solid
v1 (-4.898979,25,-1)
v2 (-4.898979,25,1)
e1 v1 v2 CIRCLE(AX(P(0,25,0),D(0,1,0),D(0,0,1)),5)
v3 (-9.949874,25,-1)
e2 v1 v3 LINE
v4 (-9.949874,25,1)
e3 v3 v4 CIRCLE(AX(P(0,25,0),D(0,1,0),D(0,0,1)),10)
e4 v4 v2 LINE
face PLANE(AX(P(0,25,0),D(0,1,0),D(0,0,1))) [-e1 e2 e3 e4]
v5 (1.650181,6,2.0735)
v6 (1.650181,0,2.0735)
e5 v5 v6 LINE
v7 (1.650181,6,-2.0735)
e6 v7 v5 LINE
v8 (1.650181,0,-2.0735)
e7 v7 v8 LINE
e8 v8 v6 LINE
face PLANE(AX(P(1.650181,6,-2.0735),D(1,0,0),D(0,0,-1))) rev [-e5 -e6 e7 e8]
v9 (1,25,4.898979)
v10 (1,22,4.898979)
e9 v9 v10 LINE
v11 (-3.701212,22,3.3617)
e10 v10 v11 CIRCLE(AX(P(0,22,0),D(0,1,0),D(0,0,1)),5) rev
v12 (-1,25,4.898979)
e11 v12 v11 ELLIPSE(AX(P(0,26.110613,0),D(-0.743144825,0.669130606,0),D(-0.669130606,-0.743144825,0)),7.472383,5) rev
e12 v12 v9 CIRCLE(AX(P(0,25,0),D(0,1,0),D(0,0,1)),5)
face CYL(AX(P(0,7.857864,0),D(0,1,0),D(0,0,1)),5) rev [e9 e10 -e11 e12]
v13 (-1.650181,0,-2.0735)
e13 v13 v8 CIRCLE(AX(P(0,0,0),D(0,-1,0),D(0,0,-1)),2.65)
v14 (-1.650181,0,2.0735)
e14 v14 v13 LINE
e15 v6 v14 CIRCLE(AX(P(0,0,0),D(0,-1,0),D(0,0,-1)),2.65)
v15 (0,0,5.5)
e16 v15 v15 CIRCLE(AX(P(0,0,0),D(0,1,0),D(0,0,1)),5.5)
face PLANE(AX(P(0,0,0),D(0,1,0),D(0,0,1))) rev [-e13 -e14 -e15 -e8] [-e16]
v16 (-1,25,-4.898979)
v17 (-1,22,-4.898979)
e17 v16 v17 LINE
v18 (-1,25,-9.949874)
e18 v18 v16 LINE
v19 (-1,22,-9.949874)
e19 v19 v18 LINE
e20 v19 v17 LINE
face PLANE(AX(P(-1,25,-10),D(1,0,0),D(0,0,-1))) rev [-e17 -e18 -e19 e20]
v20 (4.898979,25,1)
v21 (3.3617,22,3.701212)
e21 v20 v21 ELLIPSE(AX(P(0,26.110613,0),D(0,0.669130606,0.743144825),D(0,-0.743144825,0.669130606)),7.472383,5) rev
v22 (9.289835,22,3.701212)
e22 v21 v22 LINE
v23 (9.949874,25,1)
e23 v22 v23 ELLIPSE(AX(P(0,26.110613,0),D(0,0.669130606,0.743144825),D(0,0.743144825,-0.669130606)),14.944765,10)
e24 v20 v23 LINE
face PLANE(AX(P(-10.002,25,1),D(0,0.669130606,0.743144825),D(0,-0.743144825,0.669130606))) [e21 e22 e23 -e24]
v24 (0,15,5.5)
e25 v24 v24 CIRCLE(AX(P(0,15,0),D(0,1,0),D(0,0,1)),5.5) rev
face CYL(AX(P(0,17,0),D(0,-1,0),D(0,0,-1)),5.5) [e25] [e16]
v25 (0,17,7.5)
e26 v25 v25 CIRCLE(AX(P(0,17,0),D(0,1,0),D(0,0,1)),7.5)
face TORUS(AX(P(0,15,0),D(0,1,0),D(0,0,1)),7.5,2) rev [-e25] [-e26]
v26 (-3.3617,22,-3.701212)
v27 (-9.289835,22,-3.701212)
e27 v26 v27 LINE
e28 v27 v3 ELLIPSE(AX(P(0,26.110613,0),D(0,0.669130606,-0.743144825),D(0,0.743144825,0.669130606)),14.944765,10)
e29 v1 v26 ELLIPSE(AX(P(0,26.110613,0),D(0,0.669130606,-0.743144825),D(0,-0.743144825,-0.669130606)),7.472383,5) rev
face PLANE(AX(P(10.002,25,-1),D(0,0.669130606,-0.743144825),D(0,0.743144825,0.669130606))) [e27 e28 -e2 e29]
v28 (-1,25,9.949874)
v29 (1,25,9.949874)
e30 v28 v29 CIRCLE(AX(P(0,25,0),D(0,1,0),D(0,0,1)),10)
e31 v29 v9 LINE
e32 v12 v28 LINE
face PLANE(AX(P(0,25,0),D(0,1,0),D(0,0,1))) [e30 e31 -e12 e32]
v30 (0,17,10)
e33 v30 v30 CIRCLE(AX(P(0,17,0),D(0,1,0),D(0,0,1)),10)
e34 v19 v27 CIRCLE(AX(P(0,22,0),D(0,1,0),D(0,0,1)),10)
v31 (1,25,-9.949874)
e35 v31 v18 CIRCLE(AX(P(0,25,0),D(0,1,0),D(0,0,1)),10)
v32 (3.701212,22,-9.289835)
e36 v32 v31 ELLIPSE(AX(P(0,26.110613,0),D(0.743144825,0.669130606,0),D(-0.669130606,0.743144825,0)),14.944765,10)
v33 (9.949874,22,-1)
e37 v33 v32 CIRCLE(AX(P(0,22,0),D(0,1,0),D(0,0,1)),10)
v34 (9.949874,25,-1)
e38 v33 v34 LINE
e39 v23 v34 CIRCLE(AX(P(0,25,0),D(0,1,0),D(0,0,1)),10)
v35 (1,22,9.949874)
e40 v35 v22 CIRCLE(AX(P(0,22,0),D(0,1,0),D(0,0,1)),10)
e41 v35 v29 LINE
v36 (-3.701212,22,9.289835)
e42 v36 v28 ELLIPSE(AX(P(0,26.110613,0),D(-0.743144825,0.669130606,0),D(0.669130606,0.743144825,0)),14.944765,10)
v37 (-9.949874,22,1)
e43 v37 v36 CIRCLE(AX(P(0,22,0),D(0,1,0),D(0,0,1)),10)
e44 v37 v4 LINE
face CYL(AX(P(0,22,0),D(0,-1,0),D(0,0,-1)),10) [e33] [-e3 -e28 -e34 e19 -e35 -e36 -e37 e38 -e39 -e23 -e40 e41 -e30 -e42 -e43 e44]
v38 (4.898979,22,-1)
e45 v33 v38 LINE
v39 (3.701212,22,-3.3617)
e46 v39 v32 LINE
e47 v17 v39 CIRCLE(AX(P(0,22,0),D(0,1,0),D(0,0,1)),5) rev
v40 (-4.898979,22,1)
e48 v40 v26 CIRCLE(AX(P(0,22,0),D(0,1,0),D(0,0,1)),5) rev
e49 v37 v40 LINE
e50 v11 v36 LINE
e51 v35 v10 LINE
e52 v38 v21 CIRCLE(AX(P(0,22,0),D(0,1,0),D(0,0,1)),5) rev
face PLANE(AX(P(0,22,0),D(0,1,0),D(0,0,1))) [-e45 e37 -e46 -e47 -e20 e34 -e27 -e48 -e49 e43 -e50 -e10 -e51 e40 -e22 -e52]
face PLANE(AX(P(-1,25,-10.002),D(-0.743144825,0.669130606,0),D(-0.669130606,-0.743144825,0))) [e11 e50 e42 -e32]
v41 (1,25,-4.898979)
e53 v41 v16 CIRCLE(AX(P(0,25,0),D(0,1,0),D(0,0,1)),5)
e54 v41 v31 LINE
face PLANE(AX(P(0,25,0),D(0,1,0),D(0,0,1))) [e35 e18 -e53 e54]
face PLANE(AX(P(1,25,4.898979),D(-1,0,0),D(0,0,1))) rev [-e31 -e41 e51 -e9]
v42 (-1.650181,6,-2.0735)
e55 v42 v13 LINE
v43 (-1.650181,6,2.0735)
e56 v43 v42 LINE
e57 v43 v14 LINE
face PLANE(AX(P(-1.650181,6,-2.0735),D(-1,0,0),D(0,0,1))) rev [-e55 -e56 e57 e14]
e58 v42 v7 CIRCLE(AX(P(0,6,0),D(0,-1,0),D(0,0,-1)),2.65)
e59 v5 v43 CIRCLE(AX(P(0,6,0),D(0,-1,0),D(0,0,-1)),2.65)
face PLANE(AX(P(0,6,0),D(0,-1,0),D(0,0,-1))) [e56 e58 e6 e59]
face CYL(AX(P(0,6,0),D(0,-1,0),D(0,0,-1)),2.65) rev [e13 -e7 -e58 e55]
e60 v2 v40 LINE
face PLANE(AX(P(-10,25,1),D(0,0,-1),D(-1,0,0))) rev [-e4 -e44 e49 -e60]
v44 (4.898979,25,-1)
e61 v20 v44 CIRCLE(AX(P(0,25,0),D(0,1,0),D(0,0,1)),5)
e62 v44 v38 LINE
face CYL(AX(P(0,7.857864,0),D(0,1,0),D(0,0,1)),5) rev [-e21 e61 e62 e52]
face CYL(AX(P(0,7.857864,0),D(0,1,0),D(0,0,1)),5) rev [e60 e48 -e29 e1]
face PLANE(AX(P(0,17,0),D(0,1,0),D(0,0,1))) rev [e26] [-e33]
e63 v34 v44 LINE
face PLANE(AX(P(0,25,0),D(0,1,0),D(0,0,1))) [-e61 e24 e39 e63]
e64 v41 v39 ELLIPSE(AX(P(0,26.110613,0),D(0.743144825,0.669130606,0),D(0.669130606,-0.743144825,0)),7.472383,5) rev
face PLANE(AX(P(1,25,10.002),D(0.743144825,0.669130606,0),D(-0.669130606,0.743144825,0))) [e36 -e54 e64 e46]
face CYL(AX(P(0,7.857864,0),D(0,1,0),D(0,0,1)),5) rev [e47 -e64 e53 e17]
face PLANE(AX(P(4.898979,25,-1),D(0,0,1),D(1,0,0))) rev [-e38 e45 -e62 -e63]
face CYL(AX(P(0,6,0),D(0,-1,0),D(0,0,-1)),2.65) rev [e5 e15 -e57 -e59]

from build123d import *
from build123d.topology import SkipClean

# Parameters (mm, degrees)
SKETCH1_R               = 5.5
BOSS_EXTRUDE1_DEPTH     = 17
SKETCH2_R               = 10
BOSS_EXTRUDE2_DEPTH     = 5
BOSS_EXTRUDE3_DEPTH     = 3
BOSS_EXTRUDE4_START     = -6.6383
BOSS_EXTRUDE4_DEPTH     = 6.6383
CIRPATTERN1_COUNT       = 4
SKETCH10_R              = 13.301263659
CUT_EXTRUDE3_DEPTH      = 4
CUT_EXTRUDE3_DEPTH_BACK = 23
FILLET1_R               = 2
CUT_EXTRUDE4_DEPTH      = 6
SKETCH12_R              = 5
CUT_EXTRUDE5_DEPTH      = 3


with BuildPart() as part:
    # Sketch1 → Boss-Extrude1 (new body)
    with BuildSketch(Plane(origin=(0, 0, 0), x_dir=(1, 0, 0), z_dir=(0, 1, 0))):
        with Locations(Location((0, 0, 0), (0, 0, 270))):  # turned: the seam where the file's is
            Circle(SKETCH1_R)
    extrude(amount=BOSS_EXTRUDE1_DEPTH)

    # Sketch2 → Boss-Extrude2 (add)
    with BuildSketch(Plane(origin=(0, 17, 0), x_dir=(1, 0, 0), z_dir=(0, 1, 0))):
        with Locations(Location((0, 0, 0), (0, 0, 270))):  # turned: the seam where the file's is
            Circle(SKETCH2_R)
    extrude(amount=BOSS_EXTRUDE2_DEPTH)

    # Sketch4 → Boss-Extrude3 (add)
    with BuildSketch(Plane(origin=(0, 22, 0), x_dir=(1, 0, 0), z_dir=(0, 1, 0))):
        with BuildLine():
            Line((1, 10), (-1, 10))
            Line((-1, 10), (-1, 4.898979486))
            ThreePointArc((-1, 4.898979486), (-3.535533906, 3.535533906), (-4.898979486, 1))
            Line((-4.898979486, 1), (-10, 1))
            Line((-10, 1), (-10, -1))
            Line((-10, -1), (-4.898979486, -1))
            ThreePointArc((-4.898979486, -1), (-3.535533906, -3.535533906), (-1, -4.898979486))
            Line((-1, -4.898979486), (-1, -10))
            Line((-1, -10), (1, -10))
            Line((1, -10), (1, -4.898979486))
            ThreePointArc((1, -4.898979486), (3.535533906, -3.535533906), (4.898979486, -1))
            Line((4.898979486, -1), (10, -1))
            Line((10, -1), (10, 1))
            Line((10, 1), (4.898979486, 1))
            ThreePointArc((4.898979486, 1), (3.535533906, 3.535533906), (1, 4.898979486))
            Line((1, 4.898979486), (1, 10))
        make_face()
    extrude(amount=BOSS_EXTRUDE3_DEPTH)

    # Sketch9 → Boss-Extrude4 (add)
    with BuildSketch(Plane(origin=(0, 0, -10), x_dir=(-1, 0, 0), z_dir=(0, 0, -1)).offset(BOSS_EXTRUDE4_START)):
        Polygon((-1, 25), (-3.701212133, 22), (-1, 22), align=None)
    boss_extrude4 = extrude(amount=BOSS_EXTRUDE4_DEPTH)

    # CirPattern1: Boss-Extrude4 ×4 about axis
    cirpattern1_axis = Axis((0, 0, 0), (0, 1, 0))
    for i in range(1, CIRPATTERN1_COUNT):
        add(boss_extrude4.rotate(cirpattern1_axis, i * 360 / CIRPATTERN1_COUNT))

    # Sketch10 → Cut-Extrude3 (cut, two sides)
    with BuildSketch(Plane(origin=(0, 22, 0), x_dir=(1, 0, 0), z_dir=(0, 1, 0))) as cut_extrude3_sk:
        Circle(SKETCH10_R)
        with BuildLine():
            ThreePointArc((9.949874371, 1), (9.987460731, 0.500627751), (10, 0))
            ThreePointArc((10, 0), (-8.276838809, -5.611946127), (3.701212133, 9.2898347))
            ThreePointArc((3.701212133, 9.2898347), (7.985510661, 6.019270677), (9.949874371, 1))
        make_face(mode=Mode.SUBTRACT)
    extrude(amount=CUT_EXTRUDE3_DEPTH, mode=Mode.SUBTRACT)
    extrude(cut_extrude3_sk.sketch, amount=-CUT_EXTRUDE3_DEPTH_BACK, mode=Mode.SUBTRACT)

    # Fillet1
    fillet1_edges = [part.edges().sort_by_distance(p)[0] for p in [
        (0, 17, -5.5),
    ]]
    fillet(fillet1_edges, radius=FILLET1_R)

    # Sketch11 → Cut-Extrude4 (cut)
    with SkipClean():  # keep this step's faces unmerged: merging them makes the solid invalid here
        with BuildSketch(Plane.XZ):
            with BuildLine():
                Line((1.650181126, -2.0735), (1.650181126, 2.0735))
                ThreePointArc((1.650181126, 2.0735), (0, 2.65), (-1.650181126, 2.0735))
                Line((-1.650181126, 2.0735), (-1.650181126, -2.0735))
                ThreePointArc((-1.650181126, -2.0735), (0, -2.65), (1.650181126, -2.0735))
            make_face()
        extrude(amount=-CUT_EXTRUDE4_DEPTH, mode=Mode.SUBTRACT)

    # Sketch12 → Cut-Extrude5 (cut)
    with SkipClean():  # keep this step's faces unmerged: merging them makes the solid invalid here
        with BuildSketch(Plane(origin=(0, 25, 0), x_dir=(1, 0, 0), z_dir=(0, 1, 0))):
            Circle(SKETCH12_R)
        extrude(amount=-CUT_EXTRUDE5_DEPTH, mode=Mode.SUBTRACT)


solid = part.part
